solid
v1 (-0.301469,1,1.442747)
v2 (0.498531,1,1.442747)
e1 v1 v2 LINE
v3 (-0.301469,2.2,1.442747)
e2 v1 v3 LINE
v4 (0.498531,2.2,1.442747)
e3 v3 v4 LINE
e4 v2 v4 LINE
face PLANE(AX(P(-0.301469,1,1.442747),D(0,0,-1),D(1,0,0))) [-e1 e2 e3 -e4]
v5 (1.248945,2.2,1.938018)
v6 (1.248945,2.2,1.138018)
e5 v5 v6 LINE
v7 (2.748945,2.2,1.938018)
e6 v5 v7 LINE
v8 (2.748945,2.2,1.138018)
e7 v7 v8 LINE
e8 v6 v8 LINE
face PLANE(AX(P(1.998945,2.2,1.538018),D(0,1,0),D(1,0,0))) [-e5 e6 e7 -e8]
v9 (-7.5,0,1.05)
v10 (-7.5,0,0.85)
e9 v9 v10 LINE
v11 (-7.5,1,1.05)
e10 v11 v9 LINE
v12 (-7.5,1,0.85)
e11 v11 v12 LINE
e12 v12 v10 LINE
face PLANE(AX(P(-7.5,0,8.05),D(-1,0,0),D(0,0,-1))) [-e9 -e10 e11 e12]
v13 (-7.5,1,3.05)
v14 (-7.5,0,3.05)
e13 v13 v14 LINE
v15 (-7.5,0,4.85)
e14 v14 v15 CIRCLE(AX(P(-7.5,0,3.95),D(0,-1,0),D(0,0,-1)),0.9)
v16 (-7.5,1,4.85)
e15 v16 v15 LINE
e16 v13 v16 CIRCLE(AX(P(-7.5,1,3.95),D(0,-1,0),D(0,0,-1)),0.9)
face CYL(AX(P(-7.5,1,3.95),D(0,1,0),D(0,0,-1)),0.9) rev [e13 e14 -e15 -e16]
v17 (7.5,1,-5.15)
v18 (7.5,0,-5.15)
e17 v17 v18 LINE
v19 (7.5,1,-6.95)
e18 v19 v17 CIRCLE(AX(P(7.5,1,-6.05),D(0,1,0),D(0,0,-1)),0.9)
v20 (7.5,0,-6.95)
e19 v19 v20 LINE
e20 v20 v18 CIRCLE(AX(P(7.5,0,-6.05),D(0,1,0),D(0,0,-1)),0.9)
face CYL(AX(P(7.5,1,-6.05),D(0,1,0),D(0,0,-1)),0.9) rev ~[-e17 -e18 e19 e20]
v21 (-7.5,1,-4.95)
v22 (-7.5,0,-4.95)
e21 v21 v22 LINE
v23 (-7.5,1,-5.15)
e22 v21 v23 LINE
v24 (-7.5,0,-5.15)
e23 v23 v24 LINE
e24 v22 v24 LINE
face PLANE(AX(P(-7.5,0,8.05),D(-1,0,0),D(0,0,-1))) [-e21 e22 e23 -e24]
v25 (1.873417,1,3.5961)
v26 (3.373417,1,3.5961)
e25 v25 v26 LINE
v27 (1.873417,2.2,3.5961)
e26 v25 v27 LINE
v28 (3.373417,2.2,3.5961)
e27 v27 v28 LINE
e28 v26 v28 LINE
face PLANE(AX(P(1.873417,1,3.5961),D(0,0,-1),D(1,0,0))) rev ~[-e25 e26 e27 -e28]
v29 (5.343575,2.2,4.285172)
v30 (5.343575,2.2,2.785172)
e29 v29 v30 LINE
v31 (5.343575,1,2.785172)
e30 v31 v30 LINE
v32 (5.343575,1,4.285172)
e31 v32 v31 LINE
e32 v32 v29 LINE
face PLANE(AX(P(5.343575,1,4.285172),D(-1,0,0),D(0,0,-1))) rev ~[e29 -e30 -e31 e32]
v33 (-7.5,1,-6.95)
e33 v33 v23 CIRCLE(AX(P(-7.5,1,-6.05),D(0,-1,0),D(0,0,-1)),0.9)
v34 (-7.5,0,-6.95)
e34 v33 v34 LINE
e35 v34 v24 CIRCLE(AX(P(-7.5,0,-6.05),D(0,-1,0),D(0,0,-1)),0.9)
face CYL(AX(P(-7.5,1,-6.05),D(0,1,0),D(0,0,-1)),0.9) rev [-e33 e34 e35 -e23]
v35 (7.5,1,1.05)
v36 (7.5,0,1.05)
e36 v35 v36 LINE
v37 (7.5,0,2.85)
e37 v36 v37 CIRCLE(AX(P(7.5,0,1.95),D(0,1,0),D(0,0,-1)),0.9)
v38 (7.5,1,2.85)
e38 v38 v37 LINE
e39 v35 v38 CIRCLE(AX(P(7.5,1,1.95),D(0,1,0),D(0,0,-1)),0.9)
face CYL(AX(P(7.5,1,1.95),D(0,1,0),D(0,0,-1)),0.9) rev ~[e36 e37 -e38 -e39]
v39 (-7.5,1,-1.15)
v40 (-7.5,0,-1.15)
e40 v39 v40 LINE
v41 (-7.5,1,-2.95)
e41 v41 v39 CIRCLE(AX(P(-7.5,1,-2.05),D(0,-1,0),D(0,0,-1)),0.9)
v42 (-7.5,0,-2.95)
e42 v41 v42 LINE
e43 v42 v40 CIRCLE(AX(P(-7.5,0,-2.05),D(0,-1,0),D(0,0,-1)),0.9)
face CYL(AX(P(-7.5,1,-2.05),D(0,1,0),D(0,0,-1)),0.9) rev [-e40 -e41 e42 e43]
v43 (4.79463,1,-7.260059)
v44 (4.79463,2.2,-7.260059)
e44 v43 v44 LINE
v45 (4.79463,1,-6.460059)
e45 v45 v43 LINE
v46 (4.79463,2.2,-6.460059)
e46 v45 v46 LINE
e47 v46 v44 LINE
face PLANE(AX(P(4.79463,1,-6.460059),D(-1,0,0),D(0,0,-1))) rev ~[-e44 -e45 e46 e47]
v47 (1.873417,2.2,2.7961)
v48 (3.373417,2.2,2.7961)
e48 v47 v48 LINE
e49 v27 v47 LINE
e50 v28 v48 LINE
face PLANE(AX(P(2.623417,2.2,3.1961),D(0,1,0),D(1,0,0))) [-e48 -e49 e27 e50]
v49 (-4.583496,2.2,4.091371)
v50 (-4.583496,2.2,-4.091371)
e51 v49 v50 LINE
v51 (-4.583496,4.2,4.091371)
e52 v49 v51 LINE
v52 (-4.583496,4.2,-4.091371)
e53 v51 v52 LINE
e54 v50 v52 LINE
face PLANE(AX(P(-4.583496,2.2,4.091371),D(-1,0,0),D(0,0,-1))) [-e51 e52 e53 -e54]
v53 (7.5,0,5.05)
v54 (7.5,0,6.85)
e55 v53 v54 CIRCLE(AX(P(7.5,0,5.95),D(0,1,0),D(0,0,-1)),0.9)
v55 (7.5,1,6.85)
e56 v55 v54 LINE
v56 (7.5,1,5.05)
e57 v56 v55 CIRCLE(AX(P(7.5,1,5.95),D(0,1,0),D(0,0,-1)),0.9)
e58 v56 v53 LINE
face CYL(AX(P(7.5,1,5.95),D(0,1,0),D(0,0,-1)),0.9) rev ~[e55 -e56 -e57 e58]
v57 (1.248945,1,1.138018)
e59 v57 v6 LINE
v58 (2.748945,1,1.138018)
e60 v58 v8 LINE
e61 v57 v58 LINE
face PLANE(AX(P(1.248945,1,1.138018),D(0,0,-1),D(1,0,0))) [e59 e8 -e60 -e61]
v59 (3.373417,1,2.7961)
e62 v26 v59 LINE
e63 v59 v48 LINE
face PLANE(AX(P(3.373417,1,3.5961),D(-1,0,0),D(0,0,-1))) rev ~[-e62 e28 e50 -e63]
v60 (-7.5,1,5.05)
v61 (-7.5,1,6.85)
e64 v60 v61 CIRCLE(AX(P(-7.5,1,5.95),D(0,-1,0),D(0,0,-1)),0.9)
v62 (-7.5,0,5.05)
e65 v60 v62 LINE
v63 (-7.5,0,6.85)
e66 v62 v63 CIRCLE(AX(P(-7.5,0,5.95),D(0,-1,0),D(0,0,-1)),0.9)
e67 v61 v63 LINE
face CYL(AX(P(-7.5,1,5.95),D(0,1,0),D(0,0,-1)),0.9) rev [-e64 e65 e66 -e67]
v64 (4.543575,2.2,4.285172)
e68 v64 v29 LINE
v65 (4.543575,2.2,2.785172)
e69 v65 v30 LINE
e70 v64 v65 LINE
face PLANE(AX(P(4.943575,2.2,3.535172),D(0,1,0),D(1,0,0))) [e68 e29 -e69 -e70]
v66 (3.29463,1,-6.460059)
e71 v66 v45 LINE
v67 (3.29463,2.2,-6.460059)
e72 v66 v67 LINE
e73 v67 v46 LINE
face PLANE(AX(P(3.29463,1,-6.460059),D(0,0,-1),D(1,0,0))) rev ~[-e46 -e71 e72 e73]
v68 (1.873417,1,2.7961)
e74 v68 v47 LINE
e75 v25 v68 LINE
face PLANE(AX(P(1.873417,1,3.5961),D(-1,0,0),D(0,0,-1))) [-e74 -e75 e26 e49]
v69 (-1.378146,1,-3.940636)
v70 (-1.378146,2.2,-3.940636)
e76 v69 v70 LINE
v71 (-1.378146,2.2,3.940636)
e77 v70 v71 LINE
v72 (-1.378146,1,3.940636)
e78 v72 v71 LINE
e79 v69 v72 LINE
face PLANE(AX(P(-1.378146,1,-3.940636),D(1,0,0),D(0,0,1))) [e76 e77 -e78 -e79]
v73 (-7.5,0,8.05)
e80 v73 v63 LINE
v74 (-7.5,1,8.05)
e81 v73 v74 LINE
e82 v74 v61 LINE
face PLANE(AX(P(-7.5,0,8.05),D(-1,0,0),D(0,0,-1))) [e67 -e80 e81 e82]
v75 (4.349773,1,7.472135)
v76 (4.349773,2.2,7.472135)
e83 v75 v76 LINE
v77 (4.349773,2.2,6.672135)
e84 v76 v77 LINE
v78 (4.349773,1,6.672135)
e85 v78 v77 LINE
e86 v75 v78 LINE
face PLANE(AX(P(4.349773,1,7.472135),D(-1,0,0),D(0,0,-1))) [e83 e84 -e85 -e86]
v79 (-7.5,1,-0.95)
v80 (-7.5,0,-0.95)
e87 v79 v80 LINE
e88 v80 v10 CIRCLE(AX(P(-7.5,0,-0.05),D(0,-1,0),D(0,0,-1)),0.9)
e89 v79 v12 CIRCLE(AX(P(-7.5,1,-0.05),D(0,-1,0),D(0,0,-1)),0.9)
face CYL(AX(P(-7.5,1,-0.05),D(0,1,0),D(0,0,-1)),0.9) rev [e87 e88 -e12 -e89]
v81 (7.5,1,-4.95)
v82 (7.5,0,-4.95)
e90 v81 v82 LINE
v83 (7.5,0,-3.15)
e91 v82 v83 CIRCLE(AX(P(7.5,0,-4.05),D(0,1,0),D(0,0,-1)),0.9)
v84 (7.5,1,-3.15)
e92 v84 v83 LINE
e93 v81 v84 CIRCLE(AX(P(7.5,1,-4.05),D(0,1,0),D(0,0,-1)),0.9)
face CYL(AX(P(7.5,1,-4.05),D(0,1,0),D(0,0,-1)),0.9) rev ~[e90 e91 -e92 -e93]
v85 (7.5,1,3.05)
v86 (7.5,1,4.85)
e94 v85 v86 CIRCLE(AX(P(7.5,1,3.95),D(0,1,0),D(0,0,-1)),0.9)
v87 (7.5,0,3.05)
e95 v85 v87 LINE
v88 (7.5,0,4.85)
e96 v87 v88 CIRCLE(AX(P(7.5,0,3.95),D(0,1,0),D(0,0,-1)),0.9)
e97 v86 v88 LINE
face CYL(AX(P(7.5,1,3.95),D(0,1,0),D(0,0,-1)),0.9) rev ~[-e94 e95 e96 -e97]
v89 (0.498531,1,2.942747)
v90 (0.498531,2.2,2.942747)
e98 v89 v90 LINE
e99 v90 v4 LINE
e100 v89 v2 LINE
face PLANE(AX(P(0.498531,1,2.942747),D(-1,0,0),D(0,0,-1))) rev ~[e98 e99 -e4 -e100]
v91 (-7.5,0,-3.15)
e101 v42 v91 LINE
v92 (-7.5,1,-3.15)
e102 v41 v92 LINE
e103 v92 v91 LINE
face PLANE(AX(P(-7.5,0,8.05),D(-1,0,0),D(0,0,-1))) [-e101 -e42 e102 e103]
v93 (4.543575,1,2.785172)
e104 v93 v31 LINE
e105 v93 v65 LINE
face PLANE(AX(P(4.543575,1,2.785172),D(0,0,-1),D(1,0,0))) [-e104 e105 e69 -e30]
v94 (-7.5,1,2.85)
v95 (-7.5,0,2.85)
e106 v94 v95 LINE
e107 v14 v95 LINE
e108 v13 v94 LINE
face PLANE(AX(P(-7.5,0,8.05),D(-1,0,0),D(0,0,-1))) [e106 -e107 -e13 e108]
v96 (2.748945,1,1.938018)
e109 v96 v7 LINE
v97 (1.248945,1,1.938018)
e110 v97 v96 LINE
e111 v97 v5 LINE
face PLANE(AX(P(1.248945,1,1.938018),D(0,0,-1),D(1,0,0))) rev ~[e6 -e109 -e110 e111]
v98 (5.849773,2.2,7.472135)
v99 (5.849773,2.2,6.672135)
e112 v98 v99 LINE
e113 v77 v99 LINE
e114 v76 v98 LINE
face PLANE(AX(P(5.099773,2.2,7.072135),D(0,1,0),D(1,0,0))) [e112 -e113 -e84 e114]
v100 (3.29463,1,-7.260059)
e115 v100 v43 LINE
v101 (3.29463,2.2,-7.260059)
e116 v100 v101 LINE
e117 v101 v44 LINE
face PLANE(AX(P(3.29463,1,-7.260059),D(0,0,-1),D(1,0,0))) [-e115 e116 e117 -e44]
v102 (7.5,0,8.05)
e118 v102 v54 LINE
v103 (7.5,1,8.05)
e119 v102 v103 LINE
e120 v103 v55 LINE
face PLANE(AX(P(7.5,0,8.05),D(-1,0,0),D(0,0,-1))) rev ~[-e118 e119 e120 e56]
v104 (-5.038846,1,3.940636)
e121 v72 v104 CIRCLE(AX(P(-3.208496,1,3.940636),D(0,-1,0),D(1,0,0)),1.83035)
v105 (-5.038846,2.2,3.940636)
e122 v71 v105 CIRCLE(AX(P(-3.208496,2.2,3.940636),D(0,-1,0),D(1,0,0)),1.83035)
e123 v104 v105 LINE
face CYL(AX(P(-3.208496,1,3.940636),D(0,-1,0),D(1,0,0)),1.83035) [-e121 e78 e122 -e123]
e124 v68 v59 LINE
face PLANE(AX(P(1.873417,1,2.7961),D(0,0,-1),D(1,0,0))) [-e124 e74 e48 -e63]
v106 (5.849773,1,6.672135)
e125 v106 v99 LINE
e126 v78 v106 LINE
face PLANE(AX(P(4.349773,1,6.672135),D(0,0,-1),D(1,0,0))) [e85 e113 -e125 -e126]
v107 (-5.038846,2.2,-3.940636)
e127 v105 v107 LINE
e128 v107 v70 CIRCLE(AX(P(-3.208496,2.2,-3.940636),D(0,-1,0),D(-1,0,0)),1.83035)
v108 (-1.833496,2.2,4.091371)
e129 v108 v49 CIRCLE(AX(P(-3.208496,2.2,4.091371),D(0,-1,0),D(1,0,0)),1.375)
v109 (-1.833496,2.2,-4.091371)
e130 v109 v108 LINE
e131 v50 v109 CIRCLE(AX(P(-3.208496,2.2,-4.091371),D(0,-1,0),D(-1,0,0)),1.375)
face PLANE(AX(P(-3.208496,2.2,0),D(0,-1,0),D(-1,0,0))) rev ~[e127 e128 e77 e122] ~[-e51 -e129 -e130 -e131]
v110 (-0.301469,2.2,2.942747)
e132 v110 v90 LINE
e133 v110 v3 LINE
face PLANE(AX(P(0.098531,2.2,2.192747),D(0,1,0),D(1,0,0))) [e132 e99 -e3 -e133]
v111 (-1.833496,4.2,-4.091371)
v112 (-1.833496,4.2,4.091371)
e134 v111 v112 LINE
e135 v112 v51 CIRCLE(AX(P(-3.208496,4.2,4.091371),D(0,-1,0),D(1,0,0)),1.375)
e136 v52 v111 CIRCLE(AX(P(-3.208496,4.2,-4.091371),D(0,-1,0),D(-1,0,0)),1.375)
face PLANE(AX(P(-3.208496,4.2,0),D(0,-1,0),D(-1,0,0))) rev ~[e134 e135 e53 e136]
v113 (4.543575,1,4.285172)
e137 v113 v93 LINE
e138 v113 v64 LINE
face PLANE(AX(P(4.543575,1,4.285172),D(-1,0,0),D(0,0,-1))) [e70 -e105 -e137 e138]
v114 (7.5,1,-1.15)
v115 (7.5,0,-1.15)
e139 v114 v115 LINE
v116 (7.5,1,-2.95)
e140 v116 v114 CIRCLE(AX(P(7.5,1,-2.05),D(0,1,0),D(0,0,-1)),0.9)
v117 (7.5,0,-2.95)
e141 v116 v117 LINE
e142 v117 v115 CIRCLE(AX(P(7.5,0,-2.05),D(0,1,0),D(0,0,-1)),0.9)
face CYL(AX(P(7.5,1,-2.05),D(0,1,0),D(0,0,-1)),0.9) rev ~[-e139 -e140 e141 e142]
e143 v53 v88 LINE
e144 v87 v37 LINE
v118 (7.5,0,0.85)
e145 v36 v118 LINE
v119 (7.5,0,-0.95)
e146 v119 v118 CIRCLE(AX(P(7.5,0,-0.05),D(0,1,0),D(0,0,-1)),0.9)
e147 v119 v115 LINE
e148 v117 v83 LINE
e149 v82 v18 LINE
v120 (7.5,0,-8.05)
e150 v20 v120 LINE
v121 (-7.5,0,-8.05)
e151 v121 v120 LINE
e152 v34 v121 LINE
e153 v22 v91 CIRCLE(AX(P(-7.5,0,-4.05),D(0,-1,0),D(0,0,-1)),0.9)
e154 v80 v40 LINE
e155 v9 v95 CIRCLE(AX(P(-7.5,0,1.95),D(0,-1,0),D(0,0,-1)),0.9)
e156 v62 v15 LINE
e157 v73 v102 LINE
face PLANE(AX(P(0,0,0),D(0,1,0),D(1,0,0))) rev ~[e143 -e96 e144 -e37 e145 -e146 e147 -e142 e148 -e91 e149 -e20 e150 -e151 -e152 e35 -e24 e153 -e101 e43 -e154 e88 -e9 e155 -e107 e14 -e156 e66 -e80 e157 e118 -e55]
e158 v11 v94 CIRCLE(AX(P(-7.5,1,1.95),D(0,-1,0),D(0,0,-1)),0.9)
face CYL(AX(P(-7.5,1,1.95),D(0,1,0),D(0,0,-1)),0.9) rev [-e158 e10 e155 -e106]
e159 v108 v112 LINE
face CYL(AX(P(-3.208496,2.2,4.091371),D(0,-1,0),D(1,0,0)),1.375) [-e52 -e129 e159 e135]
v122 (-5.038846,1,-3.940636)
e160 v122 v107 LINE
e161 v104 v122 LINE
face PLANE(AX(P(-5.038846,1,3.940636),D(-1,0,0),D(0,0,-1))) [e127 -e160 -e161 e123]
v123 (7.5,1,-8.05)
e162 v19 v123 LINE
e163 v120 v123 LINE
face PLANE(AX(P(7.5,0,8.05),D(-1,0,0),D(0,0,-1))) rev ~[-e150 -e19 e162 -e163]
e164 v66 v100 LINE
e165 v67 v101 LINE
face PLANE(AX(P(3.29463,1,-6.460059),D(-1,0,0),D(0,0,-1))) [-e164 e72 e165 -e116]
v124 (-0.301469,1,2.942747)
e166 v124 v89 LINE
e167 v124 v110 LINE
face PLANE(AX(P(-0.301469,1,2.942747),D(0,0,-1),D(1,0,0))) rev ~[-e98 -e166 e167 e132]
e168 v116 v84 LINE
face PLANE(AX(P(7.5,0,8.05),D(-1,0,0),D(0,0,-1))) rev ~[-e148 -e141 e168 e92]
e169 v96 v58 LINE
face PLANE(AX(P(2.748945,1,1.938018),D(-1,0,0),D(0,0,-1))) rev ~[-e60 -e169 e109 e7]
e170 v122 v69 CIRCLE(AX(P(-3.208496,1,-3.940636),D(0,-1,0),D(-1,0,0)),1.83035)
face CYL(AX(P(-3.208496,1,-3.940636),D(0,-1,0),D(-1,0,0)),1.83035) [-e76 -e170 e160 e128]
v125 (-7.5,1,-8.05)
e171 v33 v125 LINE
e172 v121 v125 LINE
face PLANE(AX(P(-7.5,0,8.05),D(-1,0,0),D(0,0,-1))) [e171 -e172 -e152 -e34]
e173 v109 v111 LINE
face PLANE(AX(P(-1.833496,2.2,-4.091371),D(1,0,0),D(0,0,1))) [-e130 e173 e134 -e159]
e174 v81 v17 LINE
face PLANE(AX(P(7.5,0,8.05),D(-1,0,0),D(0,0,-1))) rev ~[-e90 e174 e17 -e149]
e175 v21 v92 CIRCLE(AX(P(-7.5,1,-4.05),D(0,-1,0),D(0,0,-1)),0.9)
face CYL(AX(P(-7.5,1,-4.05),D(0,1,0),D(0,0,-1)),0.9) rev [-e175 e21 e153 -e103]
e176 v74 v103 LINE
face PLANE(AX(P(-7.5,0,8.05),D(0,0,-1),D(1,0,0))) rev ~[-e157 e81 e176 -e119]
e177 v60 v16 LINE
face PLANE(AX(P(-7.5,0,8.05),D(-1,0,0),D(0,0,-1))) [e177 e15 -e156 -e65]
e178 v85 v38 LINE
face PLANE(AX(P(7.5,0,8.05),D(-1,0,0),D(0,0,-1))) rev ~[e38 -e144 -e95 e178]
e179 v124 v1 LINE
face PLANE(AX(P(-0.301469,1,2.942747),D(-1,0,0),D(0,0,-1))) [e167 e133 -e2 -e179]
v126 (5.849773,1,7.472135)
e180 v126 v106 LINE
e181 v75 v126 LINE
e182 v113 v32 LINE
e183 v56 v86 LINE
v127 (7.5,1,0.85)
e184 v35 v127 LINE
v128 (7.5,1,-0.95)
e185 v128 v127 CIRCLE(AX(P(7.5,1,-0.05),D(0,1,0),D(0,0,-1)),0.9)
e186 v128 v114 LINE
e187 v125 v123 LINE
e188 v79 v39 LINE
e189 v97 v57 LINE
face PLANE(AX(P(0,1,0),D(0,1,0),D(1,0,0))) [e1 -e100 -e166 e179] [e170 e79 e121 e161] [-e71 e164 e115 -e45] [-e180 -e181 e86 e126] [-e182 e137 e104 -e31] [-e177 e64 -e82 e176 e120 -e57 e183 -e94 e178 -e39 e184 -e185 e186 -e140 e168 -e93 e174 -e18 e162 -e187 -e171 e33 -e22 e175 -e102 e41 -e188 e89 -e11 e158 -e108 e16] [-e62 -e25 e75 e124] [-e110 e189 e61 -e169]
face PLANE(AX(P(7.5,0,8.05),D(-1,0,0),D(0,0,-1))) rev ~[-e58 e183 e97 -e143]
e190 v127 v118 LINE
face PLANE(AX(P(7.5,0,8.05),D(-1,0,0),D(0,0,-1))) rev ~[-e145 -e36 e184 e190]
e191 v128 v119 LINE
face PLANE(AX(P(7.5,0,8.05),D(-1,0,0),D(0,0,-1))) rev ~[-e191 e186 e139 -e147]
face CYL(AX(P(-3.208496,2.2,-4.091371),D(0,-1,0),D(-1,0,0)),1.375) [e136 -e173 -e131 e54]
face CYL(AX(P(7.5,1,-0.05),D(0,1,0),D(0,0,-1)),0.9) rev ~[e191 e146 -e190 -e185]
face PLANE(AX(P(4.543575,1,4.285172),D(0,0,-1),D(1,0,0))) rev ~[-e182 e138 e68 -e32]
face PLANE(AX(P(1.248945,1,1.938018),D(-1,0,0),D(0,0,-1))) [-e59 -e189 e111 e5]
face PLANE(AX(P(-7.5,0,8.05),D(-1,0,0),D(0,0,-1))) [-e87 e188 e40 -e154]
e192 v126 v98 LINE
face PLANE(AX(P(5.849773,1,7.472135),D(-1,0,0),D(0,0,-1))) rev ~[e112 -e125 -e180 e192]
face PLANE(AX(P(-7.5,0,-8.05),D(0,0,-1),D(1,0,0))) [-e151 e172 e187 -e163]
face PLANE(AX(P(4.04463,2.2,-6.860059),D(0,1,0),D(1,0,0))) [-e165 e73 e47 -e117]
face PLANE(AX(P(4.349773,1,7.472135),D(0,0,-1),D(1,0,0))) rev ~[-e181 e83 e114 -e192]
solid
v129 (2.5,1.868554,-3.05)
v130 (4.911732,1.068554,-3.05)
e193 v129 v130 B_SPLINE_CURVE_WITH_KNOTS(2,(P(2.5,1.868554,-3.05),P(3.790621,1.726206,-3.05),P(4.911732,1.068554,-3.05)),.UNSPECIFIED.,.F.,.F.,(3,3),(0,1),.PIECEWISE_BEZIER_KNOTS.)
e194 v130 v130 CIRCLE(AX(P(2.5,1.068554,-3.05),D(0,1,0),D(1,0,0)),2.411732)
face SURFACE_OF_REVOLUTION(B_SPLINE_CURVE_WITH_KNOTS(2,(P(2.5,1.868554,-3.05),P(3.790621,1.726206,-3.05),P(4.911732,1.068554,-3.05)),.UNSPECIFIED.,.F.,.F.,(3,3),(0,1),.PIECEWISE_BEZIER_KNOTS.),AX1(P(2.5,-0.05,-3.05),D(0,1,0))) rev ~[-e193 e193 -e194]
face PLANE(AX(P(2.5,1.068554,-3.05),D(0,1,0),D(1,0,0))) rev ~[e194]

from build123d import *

# Parameters (mm, degrees)
SKETCH1_W            = 15
SKETCH1_H            = 16.1
BOSS_EXTRUDE1_DEPTH  = 1
CUT_EXTRUDE2_DEPTH   = 1
LPATTERN1_COUNT      = 7
LPATTERN1_PITCH      = 2
MIRROR1_COPY_1_DEPTH = 1
MIRROR1_COPY_2_DEPTH = 1
MIRROR1_COPY_3_DEPTH = 1
MIRROR1_COPY_4_DEPTH = 1
MIRROR1_COPY_5_DEPTH = 1
MIRROR1_COPY_6_DEPTH = 1
BOSS_EXTRUDE2_DEPTH  = 1.2
BOSS_EXTRUDE3_DEPTH  = 2
SKETCH5_W            = 0.8
SKETCH5_H            = 1.5
SKETCH5_W_2          = 1.5
SKETCH5_H_2          = 0.8
BOSS_EXTRUDE4_DEPTH  = 1.2


with BuildPart() as part:
    # Sketch1 → Boss-Extrude1 (new body)
    with BuildSketch(Plane(origin=(0, 0, 0), x_dir=(1, 0, 0), z_dir=(0, 1, 0))):
        Rectangle(SKETCH1_W, SKETCH1_H)
    extrude(amount=BOSS_EXTRUDE1_DEPTH)

    # Sketch2 → Cut-Extrude2 (cut)
    with BuildSketch(Plane(origin=(0, 1, 0), x_dir=(1, 0, 0), z_dir=(0, 1, 0))):
        with BuildLine():
            Line((-7.5, 5.15), (-7.5, 6.95))
            ThreePointArc((-7.5, 6.95), (-6.6, 6.05), (-7.5, 5.15))
        make_face()
    cut_extrude2 = extrude(amount=-CUT_EXTRUDE2_DEPTH, mode=Mode.SUBTRACT)

    # LPattern1: Cut-Extrude2 ×7
    with Locations(*[(0, 0, i * LPATTERN1_PITCH) for i in range(1, LPATTERN1_COUNT)]):
        add(cut_extrude2, mode=Mode.SUBTRACT)

    # Mirror1: Cut-Extrude2 across plane
    add(cut_extrude2.mirror(Plane(origin=(0, 0, 0), x_dir=(0, 0, 1), z_dir=(1, 0, 0))), mode=Mode.SUBTRACT)

    # Mirror1 copy 1 sketch → Mirror1 copy 1 (cut)
    with BuildSketch(Plane(origin=(0, 1, 2), x_dir=(-1, 0, 0), z_dir=(0, 1, 0))):
        with BuildLine():
            Line((-7.5, -5.15), (-7.5, -6.95))
            ThreePointArc((-7.5, -6.95), (-6.6, -6.05), (-7.5, -5.15))
        make_face()
    extrude(amount=-MIRROR1_COPY_1_DEPTH, mode=Mode.SUBTRACT)

    # Mirror1 copy 2 sketch → Mirror1 copy 2 (cut)
    with BuildSketch(Plane(origin=(0, 1, 4), x_dir=(-1, 0, 0), z_dir=(0, 1, 0))):
        with BuildLine():
            Line((-7.5, -5.15), (-7.5, -6.95))
            ThreePointArc((-7.5, -6.95), (-6.6, -6.05), (-7.5, -5.15))
        make_face()
    extrude(amount=-MIRROR1_COPY_2_DEPTH, mode=Mode.SUBTRACT)

    # Mirror1 copy 3 sketch → Mirror1 copy 3 (cut)
    with BuildSketch(Plane(origin=(0, 1, 6), x_dir=(-1, 0, 0), z_dir=(0, 1, 0))):
        with BuildLine():
            Line((-7.5, -5.15), (-7.5, -6.95))
            ThreePointArc((-7.5, -6.95), (-6.6, -6.05), (-7.5, -5.15))
        make_face()
    extrude(amount=-MIRROR1_COPY_3_DEPTH, mode=Mode.SUBTRACT)

    # Mirror1 copy 4 sketch → Mirror1 copy 4 (cut)
    with BuildSketch(Plane(origin=(0, 1, 8), x_dir=(-1, 0, 0), z_dir=(0, 1, 0))):
        with BuildLine():
            Line((-7.5, -5.15), (-7.5, -6.95))
            ThreePointArc((-7.5, -6.95), (-6.6, -6.05), (-7.5, -5.15))
        make_face()
    extrude(amount=-MIRROR1_COPY_4_DEPTH, mode=Mode.SUBTRACT)

    # Mirror1 copy 5 sketch → Mirror1 copy 5 (cut)
    with BuildSketch(Plane(origin=(0, 1, 10), x_dir=(-1, 0, 0), z_dir=(0, 1, 0))):
        with BuildLine():
            Line((-7.5, -5.15), (-7.5, -6.95))
            ThreePointArc((-7.5, -6.95), (-6.6, -6.05), (-7.5, -5.15))
        make_face()
    extrude(amount=-MIRROR1_COPY_5_DEPTH, mode=Mode.SUBTRACT)

    # Mirror1 copy 6 sketch → Mirror1 copy 6 (cut)
    with BuildSketch(Plane(origin=(0, 1, 12), x_dir=(-1, 0, 0), z_dir=(0, 1, 0))):
        with BuildLine():
            Line((-7.5, -5.15), (-7.5, -6.95))
            ThreePointArc((-7.5, -6.95), (-6.6, -6.05), (-7.5, -5.15))
        make_face()
    extrude(amount=-MIRROR1_COPY_6_DEPTH, mode=Mode.SUBTRACT)

    # Sketch3 → Boss-Extrude2 (add)
    with BuildSketch(Plane(origin=(0, 1, 0), x_dir=(1, 0, 0), z_dir=(0, 1, 0))):
        with BuildLine():
            Line((-1.378145927, 3.940636009), (-1.378145927, -3.940636009))
            ThreePointArc((-1.378145927, -3.940636009), (-3.208495985, -5.770986067), (-5.038846044, -3.940636009))
            Line((-5.038846044, -3.940636009), (-5.038846044, 3.940636009))
            ThreePointArc((-5.038846044, 3.940636009), (-3.208495985, 5.770986067), (-1.378145927, 3.940636009))
        make_face()
    extrude(amount=BOSS_EXTRUDE2_DEPTH)

    # Sketch4 → Boss-Extrude3 (add)
    with BuildSketch(Plane(origin=(0, 2.2, 0), x_dir=(1, 0, 0), z_dir=(0, 1, 0))):
        with BuildLine():
            Line((-1.833495985, 4.091370719), (-1.833495985, -4.091370719))
            ThreePointArc((-1.833495985, -4.091370719), (-3.208495985, -5.466370719), (-4.583495985, -4.091370719))
            Line((-4.583495985, -4.091370719), (-4.583495985, 4.091370719))
            ThreePointArc((-4.583495985, 4.091370719), (-3.208495985, 5.466370719), (-1.833495985, 4.091370719))
        make_face()
    extrude(amount=BOSS_EXTRUDE3_DEPTH)

    # Sketch5 → Boss-Extrude4 (add)
    with BuildSketch(Plane(origin=(0, 1, 0), x_dir=(1, 0, 0), z_dir=(0, 1, 0))):
        with Locations((0.098530579, -2.192746517)):
            Rectangle(SKETCH5_W, SKETCH5_H)
        with Locations((1.998944746, -1.538017709)):
            Rectangle(SKETCH5_W_2, SKETCH5_H_2)
        with Locations((2.623417119, -3.196099527)):
            Rectangle(SKETCH5_W_2, SKETCH5_H_2)
        with Locations((4.943574852, -3.53517249)):
            Rectangle(SKETCH5_W, SKETCH5_H)
        with Locations((5.099773081, -7.072134946)):
            Rectangle(SKETCH5_W_2, SKETCH5_H_2)
        with Locations((4.044630106, 6.860059031)):
            Rectangle(SKETCH5_W_2, SKETCH5_H_2)
    extrude(amount=BOSS_EXTRUDE4_DEPTH)


with BuildPart() as body_2:
    # Sketch8 → Revolve1 (revolve)
    with BuildSketch(Plane(origin=(0, 0, -3.05), x_dir=(-1, 0, 0), z_dir=(0, 0, -1))):
        with BuildLine():
            Line((-2.5, 1.06855417), (-2.5, 1.86855417))
            add(Edge.make_bspline(
                [(-2.5, 1.86855417), (-3.790620533, 1.72620642), (-4.911731537, 1.06855417)],
                knots=[0, 0, 0, 1, 1, 1], degree=2))
            Line((-4.911731537, 1.06855417), (-2.5, 1.06855417))
        make_face()
    revolve(axis=Axis((2.5, -0.05, -3.05), (0, 1, 0)))


solid = Compound([part.part, body_2.part])
